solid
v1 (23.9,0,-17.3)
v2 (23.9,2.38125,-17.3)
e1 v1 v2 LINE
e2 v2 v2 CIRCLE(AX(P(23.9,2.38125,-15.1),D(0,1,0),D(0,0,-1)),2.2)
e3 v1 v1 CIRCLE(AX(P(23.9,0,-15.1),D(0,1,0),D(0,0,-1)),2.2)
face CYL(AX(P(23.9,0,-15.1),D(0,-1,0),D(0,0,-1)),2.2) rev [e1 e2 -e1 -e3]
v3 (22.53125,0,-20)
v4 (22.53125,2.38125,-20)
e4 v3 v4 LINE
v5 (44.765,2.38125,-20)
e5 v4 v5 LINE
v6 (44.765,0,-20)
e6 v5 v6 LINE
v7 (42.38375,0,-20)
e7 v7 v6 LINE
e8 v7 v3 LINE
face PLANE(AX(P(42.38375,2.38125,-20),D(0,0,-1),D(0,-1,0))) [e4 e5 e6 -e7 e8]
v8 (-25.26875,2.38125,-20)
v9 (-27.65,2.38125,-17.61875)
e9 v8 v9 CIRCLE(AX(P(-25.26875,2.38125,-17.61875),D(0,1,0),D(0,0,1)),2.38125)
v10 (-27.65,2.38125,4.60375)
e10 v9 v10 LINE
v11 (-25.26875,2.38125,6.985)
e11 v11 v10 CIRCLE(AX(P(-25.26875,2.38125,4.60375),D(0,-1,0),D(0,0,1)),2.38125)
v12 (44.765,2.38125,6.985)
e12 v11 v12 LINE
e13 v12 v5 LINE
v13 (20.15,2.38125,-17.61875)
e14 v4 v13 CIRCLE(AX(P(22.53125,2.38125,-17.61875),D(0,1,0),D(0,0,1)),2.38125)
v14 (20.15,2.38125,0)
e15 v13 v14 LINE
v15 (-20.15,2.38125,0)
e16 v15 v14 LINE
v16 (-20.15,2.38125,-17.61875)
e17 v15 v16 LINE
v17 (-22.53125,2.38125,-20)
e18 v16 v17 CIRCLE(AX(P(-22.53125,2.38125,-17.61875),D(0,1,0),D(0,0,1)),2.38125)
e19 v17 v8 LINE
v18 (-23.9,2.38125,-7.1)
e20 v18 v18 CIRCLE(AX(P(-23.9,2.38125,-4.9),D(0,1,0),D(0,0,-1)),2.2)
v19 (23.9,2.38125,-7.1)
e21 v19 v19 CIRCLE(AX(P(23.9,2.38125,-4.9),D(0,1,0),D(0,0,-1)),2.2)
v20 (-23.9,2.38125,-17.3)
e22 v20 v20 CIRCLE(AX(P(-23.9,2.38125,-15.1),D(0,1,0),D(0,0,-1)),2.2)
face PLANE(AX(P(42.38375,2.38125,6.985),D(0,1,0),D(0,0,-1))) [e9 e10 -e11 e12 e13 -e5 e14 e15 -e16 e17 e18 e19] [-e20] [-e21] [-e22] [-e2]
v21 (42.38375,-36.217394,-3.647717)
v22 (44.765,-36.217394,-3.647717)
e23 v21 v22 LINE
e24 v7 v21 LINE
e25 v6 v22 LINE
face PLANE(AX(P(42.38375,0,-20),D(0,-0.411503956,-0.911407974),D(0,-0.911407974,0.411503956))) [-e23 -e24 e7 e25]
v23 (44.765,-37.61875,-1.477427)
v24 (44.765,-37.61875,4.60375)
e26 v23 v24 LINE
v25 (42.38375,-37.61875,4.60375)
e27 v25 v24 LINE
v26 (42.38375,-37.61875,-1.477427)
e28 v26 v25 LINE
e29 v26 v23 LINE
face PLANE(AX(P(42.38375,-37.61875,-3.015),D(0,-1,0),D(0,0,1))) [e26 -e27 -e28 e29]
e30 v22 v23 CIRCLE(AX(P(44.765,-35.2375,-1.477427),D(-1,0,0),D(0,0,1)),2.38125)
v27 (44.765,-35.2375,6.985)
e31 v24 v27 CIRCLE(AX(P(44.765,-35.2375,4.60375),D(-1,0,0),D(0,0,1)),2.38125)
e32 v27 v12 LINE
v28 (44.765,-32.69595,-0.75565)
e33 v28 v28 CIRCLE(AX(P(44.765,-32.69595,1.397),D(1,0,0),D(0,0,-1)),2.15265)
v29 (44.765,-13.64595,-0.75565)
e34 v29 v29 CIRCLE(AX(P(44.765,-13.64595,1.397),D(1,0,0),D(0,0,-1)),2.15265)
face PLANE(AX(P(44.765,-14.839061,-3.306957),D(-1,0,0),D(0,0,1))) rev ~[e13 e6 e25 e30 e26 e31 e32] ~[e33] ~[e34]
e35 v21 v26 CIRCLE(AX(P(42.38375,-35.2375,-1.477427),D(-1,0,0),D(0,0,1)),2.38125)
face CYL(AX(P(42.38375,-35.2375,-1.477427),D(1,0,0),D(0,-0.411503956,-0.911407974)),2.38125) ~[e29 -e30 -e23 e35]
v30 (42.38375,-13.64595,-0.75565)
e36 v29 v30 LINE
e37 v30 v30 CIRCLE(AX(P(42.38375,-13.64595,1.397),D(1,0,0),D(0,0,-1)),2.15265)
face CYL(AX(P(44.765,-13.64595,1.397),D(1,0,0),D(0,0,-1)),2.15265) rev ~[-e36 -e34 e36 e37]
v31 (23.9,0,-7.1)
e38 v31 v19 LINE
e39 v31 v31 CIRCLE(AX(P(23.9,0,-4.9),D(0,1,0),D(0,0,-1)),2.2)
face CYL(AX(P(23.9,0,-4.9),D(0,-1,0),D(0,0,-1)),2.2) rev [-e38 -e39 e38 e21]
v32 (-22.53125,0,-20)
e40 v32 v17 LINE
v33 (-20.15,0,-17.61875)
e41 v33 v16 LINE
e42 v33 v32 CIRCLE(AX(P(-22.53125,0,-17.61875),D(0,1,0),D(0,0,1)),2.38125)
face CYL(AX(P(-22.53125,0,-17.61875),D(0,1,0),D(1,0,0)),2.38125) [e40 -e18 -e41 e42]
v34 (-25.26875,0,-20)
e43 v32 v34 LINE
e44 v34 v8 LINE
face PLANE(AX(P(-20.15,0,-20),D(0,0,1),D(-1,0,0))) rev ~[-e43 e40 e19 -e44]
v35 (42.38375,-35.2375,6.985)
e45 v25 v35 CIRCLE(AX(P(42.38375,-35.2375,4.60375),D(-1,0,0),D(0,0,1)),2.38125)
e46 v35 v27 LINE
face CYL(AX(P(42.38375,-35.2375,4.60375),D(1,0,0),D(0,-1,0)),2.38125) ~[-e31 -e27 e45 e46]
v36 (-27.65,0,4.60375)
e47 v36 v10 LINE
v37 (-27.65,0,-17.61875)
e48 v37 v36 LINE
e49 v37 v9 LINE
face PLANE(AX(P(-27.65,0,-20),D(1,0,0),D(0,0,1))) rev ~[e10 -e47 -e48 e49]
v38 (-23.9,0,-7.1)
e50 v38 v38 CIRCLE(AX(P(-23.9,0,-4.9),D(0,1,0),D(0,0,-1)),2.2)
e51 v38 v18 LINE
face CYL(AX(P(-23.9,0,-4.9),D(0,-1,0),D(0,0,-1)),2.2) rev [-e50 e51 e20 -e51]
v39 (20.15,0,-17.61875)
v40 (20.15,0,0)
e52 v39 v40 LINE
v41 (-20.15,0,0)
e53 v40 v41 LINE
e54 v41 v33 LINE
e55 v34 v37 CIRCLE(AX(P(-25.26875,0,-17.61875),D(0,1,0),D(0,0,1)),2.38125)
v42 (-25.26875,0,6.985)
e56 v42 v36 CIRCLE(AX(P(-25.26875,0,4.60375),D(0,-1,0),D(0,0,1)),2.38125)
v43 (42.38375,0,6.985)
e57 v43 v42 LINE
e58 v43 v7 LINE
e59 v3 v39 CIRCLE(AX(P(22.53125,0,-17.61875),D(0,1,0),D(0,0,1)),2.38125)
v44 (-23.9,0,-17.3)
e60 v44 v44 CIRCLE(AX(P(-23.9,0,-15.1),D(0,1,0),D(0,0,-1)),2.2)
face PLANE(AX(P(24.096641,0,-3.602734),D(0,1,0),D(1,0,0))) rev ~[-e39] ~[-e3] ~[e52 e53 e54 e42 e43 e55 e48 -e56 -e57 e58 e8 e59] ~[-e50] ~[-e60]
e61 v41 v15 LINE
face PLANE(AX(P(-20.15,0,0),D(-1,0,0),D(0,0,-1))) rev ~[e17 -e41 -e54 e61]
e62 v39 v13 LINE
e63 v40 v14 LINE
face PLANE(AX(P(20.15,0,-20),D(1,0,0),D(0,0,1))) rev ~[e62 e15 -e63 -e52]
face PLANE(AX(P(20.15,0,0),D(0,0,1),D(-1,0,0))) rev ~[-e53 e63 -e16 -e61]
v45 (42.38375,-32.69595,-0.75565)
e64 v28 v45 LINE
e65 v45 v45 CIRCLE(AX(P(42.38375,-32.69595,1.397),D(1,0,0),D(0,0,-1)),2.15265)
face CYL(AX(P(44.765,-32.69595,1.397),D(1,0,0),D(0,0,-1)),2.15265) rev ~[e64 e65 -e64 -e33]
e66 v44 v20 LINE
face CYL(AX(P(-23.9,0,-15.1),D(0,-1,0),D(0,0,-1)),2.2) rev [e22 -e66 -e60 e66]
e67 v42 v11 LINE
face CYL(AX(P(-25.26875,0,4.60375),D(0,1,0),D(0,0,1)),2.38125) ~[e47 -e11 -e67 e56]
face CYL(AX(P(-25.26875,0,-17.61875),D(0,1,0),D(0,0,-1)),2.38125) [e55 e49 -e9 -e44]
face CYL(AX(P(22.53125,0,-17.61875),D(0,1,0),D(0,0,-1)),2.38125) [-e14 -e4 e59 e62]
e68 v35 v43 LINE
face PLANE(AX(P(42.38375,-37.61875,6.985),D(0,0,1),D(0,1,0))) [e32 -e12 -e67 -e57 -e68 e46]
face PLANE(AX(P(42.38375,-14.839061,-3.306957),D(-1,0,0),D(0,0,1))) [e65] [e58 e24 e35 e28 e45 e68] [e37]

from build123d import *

# Parameters (mm, degrees)
SKETCH1_R           = 2.2
BOSS_EXTRUDE1_DEPTH = 2.38125
BOSS_EXTRUDE3_DEPTH = 2.38125
SKETCH4_R           = 2.15265
CUT_EXTRUDE1_DEPTH  = 2.38125
FILLET2_R           = 2.38125


with BuildPart() as part:
    # Sketch1 → Boss-Extrude1 (new body)
    # profile 1 of 2: a face of its own
    with BuildSketch(Plane(origin=(0, 0, 0), x_dir=(1, 0, 0), z_dir=(0, 1, 0))):
        Polygon((0, -6.985), (0, 0), (-20.15, 0), (-20.15, 20), (-27.65, 20), (-27.65, -6.985), align=None)
        with Locations(Location((-23.9, 4.9, 0), (0, 0, 90))):
            Circle(SKETCH1_R, mode=Mode.SUBTRACT)
        with Locations(Location((-23.9, 15.1, 0), (0, 0, 90))):
            Circle(SKETCH1_R, mode=Mode.SUBTRACT)
    # profile 2 of 2: a face of its own
    with BuildSketch(Plane(origin=(0, 0, 0), x_dir=(1, 0, 0), z_dir=(0, 1, 0))):
        Polygon((20.15, 20), (20.15, 0), (0, 0), (0, -6.985), (27.65, -6.985), (42.38375, -6.985), (42.38375, 20), align=None)
        with Locations(Location((23.9, 4.9, 0), (0, 0, 90))):
            Circle(SKETCH1_R, mode=Mode.SUBTRACT)
        with Locations(Location((23.9, 15.1, 0), (0, 0, 90))):
            Circle(SKETCH1_R, mode=Mode.SUBTRACT)
    extrude(amount=BOSS_EXTRUDE1_DEPTH)

    # Sketch3 → Boss-Extrude3 (add)
    with BuildSketch(Plane(origin=(42.38375, 0, 0), x_dir=(0, 0, -1), z_dir=(1, 0, 0))):
        Polygon((20, 0), (3.015, -37.61875), (-6.985, -37.61875), (-6.985, 2.38125), (20, 2.38125), align=None)
    extrude(amount=BOSS_EXTRUDE3_DEPTH)

    # Sketch4 → Cut-Extrude1 (cut)
    with BuildSketch(Plane(origin=(44.765, 0, 0), x_dir=(0, 0, -1), z_dir=(1, 0, 0))):
        with Locations((-1.397, -13.64595)):
            Circle(SKETCH4_R)
        with Locations((-1.397, -32.69595)):
            Circle(SKETCH4_R)
    extrude(amount=-CUT_EXTRUDE1_DEPTH, mode=Mode.SUBTRACT)

    # Fillet2
    fillet2_edges = [part.edges().sort_by_distance(p)[0] for p in [
        (-27.65, 1.190625, 6.985),
        (-27.65, 1.190625, -20),
        (-20.15, 1.190625, -20),
        (20.15, 1.190625, -20),
        (43.574375, -37.61875, 6.985),
        (43.574375, -37.61875, -3.015),
    ]]
    fillet(fillet2_edges, radius=FILLET2_R)


solid = part.part
